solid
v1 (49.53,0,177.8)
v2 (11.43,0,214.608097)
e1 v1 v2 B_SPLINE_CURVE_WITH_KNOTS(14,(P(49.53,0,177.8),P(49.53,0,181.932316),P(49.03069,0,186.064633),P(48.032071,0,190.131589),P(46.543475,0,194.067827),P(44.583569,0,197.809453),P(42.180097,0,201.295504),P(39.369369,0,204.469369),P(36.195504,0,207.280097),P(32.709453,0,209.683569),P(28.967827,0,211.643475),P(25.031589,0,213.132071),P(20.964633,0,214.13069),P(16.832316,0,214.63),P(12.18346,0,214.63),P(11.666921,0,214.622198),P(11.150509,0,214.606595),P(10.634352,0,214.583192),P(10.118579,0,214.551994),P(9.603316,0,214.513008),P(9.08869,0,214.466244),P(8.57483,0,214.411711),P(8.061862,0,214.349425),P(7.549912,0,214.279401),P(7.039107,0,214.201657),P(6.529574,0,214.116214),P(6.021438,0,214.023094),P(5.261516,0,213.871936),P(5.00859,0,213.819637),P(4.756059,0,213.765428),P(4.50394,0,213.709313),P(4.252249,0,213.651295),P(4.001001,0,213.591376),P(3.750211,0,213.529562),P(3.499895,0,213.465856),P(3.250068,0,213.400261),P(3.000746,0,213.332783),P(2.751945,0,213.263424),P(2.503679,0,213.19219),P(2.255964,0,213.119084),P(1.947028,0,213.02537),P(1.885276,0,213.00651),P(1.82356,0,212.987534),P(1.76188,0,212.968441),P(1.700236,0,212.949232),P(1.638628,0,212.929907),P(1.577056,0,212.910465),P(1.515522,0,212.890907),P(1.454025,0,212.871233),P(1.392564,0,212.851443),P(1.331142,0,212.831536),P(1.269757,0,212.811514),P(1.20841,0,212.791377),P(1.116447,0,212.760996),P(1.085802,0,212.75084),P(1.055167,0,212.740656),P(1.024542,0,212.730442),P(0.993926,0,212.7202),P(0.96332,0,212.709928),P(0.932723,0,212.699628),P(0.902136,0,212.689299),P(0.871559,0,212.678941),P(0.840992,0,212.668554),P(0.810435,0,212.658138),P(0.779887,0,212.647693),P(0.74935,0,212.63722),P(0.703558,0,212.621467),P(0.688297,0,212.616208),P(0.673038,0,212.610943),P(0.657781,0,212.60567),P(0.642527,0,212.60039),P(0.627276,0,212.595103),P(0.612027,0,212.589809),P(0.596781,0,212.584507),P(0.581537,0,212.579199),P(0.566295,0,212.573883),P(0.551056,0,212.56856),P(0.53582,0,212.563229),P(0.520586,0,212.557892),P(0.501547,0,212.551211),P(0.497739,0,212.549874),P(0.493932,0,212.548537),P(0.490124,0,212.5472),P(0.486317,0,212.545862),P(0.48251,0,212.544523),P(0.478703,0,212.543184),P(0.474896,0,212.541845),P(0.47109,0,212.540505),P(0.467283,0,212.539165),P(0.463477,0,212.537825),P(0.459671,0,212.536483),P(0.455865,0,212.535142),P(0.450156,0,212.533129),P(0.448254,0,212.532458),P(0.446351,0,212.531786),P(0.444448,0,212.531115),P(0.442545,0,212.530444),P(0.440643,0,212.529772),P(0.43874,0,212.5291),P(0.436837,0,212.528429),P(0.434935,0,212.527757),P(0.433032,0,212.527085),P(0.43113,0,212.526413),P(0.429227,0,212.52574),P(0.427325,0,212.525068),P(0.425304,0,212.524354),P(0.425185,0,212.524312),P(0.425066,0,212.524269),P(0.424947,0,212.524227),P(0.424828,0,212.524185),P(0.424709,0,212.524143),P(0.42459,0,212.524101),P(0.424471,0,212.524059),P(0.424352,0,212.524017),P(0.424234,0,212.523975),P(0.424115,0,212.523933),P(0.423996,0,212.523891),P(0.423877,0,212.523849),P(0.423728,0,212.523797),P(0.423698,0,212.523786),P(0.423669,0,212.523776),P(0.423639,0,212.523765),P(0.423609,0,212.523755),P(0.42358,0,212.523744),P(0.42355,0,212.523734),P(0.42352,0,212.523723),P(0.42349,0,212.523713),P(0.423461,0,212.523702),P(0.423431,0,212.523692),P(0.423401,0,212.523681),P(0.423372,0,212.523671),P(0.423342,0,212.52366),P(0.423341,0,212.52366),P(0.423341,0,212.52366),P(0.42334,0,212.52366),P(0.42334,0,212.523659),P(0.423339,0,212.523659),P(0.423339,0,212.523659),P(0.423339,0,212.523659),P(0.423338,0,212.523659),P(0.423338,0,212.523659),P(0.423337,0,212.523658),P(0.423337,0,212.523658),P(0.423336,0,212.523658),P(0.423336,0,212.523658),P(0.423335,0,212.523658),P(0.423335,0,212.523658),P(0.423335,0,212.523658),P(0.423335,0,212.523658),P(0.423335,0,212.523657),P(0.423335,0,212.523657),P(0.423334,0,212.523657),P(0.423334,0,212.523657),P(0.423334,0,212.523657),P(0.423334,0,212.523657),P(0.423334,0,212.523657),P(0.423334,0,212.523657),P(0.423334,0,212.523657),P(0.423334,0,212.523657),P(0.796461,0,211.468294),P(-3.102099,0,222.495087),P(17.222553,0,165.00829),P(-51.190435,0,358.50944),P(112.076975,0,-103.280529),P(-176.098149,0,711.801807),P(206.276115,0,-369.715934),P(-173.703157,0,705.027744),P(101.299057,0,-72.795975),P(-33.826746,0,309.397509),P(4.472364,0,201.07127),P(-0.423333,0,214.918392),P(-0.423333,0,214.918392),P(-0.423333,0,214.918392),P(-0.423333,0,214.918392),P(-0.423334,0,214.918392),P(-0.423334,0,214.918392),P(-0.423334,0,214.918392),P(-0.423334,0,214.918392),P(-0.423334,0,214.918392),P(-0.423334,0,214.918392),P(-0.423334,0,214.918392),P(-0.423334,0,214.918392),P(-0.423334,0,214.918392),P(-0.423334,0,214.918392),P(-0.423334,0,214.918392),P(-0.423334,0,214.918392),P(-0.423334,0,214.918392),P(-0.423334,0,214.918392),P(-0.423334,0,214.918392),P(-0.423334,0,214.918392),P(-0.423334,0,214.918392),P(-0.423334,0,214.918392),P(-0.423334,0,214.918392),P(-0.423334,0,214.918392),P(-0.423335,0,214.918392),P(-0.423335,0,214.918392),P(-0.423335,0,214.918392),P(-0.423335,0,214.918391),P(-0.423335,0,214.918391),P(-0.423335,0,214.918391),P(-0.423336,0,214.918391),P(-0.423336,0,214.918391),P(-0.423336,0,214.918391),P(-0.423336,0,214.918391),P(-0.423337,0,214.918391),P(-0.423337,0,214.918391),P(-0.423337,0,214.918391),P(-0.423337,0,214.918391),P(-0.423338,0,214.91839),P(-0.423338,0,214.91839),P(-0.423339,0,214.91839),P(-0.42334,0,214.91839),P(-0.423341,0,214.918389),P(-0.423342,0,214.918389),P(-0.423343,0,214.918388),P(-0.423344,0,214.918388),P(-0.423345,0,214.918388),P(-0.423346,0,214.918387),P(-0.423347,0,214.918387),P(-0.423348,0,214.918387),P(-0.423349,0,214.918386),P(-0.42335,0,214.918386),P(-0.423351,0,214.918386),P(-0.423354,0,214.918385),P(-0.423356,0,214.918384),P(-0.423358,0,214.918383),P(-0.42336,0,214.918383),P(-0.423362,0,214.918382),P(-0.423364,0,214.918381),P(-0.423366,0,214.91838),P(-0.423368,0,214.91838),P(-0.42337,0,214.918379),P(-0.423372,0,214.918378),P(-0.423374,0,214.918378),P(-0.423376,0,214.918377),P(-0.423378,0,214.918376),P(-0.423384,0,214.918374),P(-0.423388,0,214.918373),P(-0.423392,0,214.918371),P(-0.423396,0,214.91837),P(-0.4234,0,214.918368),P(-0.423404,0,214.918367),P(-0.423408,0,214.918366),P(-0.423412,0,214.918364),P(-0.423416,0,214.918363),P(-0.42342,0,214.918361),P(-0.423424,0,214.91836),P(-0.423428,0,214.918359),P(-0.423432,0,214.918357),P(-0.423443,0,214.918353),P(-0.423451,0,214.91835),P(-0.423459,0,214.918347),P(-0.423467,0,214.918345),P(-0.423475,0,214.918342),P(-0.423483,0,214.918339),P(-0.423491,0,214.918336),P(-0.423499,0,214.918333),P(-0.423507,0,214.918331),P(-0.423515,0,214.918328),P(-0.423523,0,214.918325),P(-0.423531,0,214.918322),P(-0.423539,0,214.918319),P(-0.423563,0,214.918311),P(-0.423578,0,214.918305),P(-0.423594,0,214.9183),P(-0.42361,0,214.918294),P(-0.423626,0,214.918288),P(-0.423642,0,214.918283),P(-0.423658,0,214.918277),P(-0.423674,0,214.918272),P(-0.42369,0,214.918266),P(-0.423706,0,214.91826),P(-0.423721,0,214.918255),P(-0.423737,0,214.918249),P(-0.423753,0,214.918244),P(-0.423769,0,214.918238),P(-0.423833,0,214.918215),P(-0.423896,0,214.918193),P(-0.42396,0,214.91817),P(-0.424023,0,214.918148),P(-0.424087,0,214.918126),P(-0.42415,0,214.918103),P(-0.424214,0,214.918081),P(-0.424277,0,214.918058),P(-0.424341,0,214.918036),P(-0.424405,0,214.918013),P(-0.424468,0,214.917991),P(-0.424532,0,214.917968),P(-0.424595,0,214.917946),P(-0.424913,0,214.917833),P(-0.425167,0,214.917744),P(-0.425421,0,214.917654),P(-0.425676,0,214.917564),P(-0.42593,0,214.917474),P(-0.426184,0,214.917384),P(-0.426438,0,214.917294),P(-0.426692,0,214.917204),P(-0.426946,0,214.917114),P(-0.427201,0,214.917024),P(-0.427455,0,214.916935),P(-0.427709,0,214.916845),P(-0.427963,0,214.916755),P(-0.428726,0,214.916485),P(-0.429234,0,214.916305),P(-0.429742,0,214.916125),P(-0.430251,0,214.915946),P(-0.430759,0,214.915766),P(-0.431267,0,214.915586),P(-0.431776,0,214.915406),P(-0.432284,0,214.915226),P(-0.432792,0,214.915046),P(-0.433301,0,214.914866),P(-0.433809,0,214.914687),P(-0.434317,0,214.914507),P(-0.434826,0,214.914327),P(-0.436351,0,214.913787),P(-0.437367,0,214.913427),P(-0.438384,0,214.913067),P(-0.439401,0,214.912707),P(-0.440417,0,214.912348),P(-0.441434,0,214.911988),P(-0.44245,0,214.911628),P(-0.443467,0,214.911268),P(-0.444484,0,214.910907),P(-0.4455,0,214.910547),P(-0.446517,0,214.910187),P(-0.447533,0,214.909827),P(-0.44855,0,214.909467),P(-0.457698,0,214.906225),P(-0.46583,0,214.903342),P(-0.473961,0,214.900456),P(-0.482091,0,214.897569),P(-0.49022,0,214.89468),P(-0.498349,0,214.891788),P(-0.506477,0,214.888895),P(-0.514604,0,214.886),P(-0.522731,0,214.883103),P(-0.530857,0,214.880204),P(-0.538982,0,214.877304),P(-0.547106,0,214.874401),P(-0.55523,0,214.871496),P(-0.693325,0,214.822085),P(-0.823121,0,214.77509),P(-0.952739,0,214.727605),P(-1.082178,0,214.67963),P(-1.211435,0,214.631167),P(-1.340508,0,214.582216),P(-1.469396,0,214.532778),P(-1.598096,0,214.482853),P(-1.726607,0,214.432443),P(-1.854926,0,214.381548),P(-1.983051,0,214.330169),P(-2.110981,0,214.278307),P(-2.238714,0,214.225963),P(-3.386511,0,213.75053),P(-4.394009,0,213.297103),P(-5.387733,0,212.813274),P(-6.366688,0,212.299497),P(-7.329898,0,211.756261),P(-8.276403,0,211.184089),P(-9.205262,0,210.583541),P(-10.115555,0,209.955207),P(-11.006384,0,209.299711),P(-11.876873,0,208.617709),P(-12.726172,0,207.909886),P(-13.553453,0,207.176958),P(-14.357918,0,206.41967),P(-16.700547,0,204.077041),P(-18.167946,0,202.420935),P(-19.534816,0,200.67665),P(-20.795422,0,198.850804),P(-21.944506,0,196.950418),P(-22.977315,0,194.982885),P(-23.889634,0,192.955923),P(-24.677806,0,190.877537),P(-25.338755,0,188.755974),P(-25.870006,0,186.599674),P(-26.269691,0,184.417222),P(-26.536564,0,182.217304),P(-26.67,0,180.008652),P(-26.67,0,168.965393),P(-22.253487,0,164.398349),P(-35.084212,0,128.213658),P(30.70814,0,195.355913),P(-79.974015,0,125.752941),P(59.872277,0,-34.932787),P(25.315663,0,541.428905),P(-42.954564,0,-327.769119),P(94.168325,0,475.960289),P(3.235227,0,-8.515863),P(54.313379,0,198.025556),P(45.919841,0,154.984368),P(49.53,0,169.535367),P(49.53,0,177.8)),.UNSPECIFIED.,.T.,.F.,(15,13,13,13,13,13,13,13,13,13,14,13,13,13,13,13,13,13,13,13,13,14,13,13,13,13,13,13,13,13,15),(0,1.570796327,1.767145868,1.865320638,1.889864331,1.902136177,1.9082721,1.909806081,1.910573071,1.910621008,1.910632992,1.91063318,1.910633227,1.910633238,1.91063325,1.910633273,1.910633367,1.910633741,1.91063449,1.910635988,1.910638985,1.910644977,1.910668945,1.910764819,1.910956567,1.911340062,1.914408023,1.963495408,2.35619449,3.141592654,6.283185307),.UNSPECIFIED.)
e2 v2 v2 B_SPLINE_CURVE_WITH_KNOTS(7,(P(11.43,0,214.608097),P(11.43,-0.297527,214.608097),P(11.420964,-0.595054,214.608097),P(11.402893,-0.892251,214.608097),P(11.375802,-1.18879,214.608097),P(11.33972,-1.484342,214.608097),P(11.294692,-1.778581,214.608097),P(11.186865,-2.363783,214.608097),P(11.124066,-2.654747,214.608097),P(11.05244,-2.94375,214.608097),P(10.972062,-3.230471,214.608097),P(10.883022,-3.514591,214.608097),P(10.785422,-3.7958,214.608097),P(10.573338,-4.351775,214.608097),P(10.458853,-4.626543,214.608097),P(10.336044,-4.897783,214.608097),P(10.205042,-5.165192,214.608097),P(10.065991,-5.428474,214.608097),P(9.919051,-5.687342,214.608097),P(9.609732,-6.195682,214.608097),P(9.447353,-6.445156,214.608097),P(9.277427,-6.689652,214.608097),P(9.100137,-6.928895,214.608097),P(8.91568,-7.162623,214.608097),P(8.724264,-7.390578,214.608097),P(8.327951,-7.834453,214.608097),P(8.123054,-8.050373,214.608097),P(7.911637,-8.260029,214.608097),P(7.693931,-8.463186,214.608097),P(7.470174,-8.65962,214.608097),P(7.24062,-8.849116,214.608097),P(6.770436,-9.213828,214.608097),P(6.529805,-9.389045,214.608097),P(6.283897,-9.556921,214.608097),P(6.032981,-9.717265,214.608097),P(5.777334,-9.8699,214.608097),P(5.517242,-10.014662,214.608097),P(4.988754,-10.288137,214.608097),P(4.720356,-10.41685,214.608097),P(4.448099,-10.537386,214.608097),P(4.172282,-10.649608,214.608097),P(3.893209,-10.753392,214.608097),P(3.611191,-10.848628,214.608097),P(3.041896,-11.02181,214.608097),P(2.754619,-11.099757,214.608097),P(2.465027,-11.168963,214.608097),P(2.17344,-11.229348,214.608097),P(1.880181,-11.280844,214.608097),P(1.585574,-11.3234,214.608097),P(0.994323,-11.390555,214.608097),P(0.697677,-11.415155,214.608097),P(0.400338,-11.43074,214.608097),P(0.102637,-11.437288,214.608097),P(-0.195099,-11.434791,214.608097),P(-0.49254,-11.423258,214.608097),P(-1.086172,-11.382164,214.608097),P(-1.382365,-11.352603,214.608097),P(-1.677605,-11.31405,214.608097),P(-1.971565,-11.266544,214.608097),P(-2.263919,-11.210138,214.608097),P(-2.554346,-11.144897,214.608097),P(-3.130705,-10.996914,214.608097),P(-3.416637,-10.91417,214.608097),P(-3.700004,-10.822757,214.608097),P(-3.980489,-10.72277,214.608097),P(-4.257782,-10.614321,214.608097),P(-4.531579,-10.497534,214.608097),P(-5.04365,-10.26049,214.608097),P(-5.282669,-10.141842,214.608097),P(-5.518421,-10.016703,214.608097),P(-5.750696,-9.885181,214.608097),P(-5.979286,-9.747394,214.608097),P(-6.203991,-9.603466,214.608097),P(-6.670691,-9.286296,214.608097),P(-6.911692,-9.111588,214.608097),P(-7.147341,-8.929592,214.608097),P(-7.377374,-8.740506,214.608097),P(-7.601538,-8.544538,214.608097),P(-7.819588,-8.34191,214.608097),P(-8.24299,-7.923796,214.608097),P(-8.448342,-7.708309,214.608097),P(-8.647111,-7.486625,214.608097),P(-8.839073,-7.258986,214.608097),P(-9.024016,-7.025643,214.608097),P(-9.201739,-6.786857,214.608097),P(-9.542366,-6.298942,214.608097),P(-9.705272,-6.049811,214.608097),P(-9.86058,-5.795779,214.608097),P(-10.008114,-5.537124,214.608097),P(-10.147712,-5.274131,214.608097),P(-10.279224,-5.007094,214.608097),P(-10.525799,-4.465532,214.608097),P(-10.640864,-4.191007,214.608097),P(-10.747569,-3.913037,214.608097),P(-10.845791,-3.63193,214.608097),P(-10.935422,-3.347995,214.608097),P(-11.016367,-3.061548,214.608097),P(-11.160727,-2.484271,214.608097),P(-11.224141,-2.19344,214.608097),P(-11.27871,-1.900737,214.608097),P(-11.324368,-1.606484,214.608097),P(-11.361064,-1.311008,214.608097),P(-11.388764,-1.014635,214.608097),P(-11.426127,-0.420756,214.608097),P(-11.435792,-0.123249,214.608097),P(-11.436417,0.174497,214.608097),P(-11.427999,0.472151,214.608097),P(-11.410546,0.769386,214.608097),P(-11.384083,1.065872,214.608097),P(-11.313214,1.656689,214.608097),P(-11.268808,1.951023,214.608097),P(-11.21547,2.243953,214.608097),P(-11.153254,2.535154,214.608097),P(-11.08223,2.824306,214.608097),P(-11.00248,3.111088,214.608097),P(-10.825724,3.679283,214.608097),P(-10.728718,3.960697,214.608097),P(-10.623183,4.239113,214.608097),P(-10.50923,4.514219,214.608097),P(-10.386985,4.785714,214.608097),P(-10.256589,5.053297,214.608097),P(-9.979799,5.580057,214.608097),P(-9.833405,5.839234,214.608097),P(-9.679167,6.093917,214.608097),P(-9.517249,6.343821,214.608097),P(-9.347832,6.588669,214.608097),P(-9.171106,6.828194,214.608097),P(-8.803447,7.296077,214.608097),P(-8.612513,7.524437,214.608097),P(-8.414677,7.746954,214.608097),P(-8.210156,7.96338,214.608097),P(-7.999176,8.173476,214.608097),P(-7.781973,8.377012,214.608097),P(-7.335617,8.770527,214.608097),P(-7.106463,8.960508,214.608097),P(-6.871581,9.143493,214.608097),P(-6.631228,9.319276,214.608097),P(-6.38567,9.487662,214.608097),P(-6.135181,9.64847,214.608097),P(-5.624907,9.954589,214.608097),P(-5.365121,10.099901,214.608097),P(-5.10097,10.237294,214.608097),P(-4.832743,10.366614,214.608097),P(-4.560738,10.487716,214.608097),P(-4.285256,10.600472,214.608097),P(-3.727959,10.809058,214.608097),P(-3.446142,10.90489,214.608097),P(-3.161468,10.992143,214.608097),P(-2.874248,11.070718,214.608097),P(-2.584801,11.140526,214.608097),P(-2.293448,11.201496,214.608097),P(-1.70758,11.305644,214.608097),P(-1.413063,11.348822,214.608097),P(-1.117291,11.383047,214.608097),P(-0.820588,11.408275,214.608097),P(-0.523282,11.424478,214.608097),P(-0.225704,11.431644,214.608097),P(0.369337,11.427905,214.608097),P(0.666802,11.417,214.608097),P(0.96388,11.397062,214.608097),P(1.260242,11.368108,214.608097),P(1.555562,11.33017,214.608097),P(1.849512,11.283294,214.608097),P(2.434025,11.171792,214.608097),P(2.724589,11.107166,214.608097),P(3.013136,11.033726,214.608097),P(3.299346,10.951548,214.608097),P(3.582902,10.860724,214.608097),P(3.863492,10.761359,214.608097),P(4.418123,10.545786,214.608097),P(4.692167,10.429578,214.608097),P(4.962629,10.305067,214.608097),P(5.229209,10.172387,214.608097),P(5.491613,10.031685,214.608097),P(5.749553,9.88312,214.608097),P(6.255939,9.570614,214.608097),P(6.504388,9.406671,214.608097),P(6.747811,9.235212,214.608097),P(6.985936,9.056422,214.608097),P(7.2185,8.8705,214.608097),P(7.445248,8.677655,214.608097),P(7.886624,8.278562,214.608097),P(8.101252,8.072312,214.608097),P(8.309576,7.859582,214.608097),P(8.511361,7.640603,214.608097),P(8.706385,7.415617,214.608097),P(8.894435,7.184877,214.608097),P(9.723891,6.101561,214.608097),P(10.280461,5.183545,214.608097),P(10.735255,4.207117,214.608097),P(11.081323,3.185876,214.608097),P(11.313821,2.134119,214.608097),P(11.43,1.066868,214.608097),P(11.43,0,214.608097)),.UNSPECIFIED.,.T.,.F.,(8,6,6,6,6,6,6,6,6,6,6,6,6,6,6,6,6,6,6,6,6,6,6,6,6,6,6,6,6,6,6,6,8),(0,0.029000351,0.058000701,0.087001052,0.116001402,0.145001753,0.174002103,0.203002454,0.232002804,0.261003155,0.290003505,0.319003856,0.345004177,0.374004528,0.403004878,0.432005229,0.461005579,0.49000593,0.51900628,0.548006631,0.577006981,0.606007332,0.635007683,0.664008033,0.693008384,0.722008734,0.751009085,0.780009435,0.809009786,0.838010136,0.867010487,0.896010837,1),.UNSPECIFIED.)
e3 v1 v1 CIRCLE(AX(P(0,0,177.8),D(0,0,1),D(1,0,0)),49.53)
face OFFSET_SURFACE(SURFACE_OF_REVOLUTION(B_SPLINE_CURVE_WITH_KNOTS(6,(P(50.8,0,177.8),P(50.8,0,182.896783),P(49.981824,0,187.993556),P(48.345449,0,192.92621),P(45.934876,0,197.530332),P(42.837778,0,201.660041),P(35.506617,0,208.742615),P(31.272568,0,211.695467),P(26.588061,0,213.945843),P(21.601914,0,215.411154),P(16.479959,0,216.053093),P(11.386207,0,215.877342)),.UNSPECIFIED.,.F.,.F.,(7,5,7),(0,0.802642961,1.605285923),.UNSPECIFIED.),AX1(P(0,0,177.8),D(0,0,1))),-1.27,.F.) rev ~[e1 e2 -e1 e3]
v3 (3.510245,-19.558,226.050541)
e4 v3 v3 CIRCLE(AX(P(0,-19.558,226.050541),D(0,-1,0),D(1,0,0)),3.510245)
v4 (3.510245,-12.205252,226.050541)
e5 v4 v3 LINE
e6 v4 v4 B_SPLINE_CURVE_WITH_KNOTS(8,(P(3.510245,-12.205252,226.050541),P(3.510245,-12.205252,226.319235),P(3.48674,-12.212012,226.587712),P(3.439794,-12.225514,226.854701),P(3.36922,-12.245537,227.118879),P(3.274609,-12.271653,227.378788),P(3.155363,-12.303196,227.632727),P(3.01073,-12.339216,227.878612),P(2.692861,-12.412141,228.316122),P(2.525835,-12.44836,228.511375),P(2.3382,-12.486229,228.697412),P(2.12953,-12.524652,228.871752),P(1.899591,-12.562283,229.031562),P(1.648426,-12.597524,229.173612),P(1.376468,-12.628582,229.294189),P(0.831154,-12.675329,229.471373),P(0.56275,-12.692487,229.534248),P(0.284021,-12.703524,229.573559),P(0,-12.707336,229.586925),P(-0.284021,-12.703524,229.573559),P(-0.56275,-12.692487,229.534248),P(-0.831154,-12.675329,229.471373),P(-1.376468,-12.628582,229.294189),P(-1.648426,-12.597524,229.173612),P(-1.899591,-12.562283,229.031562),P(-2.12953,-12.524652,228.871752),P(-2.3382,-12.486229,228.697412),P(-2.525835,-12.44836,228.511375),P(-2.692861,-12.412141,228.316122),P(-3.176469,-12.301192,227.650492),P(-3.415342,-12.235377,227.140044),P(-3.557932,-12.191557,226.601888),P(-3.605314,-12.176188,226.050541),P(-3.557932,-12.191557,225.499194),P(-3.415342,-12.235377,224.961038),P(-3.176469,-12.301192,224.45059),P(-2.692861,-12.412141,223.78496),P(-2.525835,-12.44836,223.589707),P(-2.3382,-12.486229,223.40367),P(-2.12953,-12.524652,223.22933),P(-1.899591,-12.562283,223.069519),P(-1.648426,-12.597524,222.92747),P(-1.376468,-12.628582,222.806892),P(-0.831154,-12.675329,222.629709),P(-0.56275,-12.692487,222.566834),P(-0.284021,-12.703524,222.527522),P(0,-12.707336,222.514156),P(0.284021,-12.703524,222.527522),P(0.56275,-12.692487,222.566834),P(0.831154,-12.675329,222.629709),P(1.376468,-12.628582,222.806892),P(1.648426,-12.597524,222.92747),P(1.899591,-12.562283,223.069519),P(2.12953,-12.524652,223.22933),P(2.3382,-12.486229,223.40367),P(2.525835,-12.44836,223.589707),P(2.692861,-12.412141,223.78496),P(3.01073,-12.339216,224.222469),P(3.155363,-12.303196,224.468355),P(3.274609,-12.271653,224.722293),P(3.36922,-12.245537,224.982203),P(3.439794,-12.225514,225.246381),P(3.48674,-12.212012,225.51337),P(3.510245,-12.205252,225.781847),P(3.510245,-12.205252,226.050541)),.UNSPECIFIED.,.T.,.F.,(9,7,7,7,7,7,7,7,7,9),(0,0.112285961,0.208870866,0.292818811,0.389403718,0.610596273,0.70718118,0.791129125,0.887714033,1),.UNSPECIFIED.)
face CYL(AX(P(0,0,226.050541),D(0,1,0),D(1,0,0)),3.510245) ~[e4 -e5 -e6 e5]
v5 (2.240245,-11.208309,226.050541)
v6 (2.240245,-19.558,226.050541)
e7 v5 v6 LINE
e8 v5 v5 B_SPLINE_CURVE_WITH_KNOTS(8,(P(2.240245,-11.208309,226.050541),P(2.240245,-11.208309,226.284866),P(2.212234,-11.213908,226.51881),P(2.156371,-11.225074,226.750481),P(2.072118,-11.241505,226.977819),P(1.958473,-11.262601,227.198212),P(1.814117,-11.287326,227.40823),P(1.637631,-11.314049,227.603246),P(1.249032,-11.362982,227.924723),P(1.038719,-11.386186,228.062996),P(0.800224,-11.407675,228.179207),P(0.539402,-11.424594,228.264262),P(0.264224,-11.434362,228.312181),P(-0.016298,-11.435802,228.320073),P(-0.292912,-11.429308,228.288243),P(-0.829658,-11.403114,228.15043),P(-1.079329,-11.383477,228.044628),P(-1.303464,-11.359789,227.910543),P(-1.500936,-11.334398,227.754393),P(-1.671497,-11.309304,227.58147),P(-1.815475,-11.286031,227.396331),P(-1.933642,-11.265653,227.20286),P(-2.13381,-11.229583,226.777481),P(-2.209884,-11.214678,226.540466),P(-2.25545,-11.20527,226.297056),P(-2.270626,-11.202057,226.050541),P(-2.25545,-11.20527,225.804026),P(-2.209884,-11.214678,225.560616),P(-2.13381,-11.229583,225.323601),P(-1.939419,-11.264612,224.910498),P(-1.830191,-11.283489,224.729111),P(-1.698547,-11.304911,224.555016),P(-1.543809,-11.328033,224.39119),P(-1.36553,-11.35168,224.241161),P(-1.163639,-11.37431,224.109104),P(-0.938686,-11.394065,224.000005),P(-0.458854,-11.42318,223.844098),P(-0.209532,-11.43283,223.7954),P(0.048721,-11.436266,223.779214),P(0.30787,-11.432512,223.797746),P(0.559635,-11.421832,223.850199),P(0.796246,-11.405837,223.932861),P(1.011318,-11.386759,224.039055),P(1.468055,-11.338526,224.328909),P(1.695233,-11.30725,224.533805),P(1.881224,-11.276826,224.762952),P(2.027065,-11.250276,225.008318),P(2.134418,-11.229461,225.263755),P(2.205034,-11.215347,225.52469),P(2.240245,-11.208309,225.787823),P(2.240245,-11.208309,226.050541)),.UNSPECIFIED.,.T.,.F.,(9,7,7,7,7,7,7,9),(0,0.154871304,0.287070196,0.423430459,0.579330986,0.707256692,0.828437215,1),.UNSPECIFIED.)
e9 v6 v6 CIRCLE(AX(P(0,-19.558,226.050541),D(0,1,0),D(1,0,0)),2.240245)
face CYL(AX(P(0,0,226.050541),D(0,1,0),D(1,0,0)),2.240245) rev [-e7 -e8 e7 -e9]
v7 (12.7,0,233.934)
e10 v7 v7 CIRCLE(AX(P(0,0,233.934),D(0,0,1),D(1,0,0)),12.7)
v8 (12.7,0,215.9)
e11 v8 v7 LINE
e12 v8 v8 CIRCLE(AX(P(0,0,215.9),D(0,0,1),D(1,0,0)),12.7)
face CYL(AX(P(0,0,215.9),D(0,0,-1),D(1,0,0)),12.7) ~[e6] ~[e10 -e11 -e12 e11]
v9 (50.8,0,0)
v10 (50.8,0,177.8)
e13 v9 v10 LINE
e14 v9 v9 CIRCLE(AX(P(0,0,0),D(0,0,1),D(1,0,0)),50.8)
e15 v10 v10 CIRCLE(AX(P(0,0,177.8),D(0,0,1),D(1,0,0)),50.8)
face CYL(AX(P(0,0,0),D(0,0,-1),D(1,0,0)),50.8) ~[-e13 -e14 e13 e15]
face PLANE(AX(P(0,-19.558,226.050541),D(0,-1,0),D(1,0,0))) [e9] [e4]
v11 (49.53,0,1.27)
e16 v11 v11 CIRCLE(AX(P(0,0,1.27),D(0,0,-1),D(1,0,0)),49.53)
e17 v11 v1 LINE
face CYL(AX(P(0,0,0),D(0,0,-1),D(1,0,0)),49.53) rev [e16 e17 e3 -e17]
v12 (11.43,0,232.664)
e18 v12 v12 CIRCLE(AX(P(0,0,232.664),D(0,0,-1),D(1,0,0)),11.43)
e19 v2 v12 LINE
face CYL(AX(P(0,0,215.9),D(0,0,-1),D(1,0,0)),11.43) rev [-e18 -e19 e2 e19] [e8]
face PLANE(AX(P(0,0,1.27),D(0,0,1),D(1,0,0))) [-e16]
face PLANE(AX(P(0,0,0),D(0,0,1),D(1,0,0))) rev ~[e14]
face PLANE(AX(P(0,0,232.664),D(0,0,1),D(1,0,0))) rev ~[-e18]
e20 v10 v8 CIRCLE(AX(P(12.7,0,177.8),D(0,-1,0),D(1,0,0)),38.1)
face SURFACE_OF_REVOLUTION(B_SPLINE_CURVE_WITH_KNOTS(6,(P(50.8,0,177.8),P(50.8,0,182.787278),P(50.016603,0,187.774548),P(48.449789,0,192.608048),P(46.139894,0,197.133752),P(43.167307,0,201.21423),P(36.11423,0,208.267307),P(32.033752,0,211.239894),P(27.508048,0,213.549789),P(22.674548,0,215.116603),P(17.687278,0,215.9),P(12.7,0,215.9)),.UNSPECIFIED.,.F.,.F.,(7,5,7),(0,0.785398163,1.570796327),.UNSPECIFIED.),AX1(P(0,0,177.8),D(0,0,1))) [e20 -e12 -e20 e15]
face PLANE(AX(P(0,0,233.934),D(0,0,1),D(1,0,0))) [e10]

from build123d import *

# Parameters (mm, degrees)
F0_R     = 50.8
F1_DEPTH = 215.9
F2_R     = 38.1
F3_DEPTH = 18.034
F4_R     = 3.510245122
F5_DEPTH = 19.558
F6_T     = -1.27


with BuildPart() as f1:
    # F0 (on Top) → F1 (new body)
    with BuildSketch(Plane.XY):
        Circle(F0_R)
    extrude(amount=F1_DEPTH)

    # F2
    f2_edges = [f1.edges().sort_by_distance(p)[0] for p in [
        (-50.8, 0, 215.9),
    ]]
    fillet(f2_edges, radius=F2_R)

    # F3 (add): a face of the model
    f3_faces = [f1.faces().sort_by_distance(p)[0] for p in [
        (0, 0, 215.9),
    ]]
    extrude(f3_faces, amount=F3_DEPTH)

    # F4 (on Front) → F5 (join)
    with BuildSketch(Plane.XZ):
        with Locations((0, 226.0505408049)):
            Circle(F4_R)
    extrude(amount=F5_DEPTH)

    # F6
    f6_openings = [f1.faces().sort_by_distance(p)[0] for p in [
        (0, -19.558, 226.050541),
    ]]
    offset(amount=F6_T, openings=f6_openings, kind=Kind.INTERSECTION)


solid = f1.part
